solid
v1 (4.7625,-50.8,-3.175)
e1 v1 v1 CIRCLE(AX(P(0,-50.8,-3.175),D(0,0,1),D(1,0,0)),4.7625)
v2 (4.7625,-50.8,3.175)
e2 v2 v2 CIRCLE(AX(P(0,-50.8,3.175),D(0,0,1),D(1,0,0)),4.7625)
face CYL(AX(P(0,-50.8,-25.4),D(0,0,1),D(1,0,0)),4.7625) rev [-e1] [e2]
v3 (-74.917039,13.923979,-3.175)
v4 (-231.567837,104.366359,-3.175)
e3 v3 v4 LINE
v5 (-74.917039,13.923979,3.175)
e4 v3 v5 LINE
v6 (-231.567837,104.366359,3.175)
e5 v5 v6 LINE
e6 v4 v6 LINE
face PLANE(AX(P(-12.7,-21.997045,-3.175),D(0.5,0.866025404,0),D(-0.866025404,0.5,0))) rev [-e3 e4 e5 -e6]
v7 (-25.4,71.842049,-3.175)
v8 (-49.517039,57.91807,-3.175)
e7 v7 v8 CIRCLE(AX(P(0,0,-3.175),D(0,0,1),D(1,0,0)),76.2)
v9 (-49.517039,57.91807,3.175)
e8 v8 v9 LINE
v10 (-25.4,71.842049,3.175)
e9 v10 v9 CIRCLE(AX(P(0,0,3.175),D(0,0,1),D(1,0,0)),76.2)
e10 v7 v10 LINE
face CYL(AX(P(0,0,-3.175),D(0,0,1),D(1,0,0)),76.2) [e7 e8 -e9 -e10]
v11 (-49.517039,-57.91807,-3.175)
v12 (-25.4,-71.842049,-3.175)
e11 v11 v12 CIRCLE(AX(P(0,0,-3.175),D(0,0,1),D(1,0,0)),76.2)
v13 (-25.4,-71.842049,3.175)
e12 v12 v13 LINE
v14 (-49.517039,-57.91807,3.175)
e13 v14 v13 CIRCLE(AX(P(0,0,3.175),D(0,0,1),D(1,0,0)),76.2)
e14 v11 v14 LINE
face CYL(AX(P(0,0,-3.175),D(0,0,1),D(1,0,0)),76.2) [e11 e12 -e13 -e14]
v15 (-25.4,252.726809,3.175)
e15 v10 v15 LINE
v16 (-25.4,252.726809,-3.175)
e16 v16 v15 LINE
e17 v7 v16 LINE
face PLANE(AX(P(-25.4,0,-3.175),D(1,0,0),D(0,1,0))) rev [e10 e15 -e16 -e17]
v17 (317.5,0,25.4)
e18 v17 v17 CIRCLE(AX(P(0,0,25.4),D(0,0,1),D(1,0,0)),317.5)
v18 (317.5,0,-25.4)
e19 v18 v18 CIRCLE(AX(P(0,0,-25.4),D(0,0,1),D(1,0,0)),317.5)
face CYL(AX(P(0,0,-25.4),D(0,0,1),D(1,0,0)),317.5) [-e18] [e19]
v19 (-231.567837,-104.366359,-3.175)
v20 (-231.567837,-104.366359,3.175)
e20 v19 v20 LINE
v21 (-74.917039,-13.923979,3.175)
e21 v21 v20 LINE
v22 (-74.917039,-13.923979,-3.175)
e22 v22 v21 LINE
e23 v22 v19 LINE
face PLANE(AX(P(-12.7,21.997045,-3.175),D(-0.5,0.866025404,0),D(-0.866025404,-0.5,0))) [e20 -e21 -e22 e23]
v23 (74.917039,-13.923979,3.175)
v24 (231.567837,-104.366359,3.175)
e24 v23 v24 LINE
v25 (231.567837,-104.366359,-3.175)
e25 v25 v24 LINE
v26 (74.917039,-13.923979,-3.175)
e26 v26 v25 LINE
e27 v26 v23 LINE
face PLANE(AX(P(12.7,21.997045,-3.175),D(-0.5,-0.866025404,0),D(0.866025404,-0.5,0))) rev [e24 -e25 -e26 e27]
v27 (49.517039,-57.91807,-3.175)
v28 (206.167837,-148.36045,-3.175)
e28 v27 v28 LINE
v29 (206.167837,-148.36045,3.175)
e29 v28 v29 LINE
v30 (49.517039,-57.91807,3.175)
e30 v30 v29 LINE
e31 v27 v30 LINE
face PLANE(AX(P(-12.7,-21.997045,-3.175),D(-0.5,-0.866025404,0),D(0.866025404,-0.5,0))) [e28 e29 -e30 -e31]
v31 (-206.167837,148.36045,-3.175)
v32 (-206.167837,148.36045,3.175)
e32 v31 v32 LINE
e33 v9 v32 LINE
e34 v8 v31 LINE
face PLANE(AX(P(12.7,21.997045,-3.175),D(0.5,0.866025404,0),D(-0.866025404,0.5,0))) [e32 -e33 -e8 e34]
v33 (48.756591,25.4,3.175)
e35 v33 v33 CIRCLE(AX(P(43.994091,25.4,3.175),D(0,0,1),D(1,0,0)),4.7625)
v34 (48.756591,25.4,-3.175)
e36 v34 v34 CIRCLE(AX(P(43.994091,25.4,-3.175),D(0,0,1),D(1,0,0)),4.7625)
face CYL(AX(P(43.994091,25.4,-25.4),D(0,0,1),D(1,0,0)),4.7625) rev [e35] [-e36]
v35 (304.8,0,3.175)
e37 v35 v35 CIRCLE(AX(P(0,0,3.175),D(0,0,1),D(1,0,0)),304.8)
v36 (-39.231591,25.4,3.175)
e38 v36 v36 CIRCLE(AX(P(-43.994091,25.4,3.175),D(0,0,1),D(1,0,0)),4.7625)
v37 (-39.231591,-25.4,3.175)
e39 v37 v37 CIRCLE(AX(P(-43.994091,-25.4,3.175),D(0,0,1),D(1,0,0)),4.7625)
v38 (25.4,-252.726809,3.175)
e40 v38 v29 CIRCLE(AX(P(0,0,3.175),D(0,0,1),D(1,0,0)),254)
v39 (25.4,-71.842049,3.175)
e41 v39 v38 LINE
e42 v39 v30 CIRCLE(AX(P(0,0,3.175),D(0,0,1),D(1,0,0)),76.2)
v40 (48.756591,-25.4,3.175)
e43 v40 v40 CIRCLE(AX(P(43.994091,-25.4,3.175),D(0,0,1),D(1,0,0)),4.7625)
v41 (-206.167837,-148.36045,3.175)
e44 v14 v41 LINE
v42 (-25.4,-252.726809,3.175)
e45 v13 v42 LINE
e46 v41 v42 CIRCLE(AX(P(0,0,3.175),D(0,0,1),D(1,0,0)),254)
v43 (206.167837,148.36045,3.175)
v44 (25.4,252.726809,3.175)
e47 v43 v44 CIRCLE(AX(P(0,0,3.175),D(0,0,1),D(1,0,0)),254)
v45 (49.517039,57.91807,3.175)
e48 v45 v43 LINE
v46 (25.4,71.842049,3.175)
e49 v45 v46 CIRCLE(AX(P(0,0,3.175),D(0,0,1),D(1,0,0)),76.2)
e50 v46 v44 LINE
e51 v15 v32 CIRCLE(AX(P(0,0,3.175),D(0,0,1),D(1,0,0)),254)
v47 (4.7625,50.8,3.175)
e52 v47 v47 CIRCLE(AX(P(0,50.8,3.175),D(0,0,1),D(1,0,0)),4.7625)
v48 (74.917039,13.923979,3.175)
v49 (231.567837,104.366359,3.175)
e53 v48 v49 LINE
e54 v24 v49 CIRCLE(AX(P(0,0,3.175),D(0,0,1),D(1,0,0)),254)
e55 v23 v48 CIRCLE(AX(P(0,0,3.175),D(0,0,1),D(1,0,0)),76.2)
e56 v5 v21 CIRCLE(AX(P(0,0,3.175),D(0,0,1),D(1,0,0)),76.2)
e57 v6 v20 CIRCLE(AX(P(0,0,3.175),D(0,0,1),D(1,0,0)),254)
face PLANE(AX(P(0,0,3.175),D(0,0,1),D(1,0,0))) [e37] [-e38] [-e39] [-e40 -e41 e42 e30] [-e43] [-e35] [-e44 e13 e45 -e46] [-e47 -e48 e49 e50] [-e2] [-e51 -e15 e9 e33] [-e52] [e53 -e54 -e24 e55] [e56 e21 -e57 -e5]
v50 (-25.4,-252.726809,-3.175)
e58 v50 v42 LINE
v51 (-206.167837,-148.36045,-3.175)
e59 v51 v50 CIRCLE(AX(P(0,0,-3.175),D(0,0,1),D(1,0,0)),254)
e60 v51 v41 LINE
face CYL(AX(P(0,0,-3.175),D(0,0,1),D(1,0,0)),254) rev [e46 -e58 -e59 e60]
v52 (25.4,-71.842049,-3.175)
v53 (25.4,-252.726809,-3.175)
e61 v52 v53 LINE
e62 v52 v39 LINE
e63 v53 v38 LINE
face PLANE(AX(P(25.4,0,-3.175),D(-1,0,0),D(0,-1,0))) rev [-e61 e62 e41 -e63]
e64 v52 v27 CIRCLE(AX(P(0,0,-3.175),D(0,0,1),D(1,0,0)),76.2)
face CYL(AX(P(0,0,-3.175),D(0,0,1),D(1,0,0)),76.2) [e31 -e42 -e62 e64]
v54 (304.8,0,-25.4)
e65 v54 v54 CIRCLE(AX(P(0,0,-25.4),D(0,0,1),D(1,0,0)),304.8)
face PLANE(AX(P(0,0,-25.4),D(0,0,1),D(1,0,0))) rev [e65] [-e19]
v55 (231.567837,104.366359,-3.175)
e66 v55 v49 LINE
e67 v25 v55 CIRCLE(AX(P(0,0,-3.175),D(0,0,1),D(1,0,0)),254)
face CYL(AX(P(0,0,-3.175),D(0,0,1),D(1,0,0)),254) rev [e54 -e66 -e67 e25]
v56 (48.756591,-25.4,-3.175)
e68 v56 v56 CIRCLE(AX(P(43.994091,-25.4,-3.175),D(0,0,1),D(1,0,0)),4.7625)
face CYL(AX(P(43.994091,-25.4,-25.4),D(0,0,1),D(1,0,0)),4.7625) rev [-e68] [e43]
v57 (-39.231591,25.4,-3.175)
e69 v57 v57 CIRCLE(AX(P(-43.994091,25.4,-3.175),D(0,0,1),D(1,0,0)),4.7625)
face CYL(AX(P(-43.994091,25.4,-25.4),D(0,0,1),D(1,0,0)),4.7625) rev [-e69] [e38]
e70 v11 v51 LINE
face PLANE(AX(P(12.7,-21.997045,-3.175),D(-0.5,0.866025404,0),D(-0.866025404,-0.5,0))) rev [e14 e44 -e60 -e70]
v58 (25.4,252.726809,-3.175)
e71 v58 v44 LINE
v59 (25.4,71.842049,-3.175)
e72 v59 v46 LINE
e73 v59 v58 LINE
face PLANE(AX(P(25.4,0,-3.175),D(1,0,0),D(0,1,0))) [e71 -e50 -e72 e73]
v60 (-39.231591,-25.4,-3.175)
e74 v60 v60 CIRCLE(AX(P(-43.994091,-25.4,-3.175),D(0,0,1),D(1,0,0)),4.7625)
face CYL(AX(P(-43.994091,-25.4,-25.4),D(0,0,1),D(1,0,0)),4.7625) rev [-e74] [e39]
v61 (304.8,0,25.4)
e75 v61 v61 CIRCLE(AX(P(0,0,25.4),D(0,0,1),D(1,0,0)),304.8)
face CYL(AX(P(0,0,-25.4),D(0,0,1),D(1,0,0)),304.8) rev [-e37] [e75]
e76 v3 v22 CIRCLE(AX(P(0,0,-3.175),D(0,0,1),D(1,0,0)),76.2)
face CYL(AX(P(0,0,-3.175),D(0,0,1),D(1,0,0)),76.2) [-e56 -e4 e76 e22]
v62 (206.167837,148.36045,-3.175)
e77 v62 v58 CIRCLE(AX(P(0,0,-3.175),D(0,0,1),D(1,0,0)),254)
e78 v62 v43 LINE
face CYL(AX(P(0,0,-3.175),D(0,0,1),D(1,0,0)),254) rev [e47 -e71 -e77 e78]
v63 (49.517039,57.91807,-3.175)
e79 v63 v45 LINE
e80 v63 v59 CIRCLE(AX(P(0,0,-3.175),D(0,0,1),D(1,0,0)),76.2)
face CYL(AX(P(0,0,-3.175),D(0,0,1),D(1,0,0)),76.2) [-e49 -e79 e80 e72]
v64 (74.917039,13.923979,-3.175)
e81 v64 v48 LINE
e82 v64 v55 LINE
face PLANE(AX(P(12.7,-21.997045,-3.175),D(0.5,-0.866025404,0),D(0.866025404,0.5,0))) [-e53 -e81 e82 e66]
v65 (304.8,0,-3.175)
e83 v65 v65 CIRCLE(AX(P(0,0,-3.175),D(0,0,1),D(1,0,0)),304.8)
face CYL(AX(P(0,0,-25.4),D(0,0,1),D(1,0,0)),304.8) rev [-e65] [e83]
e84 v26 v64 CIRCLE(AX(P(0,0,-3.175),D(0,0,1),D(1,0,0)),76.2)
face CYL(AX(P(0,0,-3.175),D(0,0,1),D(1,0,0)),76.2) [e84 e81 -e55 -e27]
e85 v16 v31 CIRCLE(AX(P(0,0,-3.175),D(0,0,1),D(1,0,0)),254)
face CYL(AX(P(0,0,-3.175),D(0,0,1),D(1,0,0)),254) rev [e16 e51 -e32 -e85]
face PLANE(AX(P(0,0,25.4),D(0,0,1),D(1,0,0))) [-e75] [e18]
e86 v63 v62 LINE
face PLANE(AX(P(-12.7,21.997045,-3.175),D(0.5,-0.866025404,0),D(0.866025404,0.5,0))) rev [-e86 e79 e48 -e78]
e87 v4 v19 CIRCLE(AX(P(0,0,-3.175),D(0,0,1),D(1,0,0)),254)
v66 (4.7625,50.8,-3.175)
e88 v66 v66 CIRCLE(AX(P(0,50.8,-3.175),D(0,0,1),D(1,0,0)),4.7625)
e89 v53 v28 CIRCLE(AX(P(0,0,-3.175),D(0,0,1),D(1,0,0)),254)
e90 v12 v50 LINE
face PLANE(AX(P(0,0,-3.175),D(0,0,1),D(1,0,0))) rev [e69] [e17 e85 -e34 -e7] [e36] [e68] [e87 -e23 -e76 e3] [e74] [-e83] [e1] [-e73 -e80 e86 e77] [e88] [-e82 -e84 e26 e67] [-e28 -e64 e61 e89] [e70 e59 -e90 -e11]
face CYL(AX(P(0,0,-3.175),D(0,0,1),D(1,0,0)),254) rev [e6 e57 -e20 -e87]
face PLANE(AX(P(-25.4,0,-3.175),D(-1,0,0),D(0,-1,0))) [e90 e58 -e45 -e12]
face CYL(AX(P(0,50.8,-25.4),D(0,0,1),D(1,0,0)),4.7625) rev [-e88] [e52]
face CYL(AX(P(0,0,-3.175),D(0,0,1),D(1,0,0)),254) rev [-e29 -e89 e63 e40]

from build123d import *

# Parameters (mm, degrees)
BOSS_EXTRUDE1_DEPTH      = 3.175
BOSS_EXTRUDE1_DEPTH_BACK = 3.175
SKETCH2_R                = 304.8
BOSS_EXTRUDE2_DEPTH      = 25.4
BOSS_EXTRUDE2_DEPTH_BACK = 25.4
SKETCH5_R                = 317.5
SKETCH5_R_2              = 304.8
SKETCH6_R                = 4.7625
CUT_EXTRUDE4_DEPTH       = 450.921138229


with BuildPart() as part:
    # Sketch2 → Boss-Extrude1 (new, two sides: drawn at the far end of the back side and taken through both)
    with BuildSketch(Plane.XY.offset(-BOSS_EXTRUDE1_DEPTH_BACK)):
        Circle(SKETCH2_R)
        with BuildLine():
            ThreePointArc((25.4, -71.842048969), (38.1, -65.991135768), (49.517039467, -57.91806974))
            Line((49.517039467, -57.91806974), (206.167836833, -148.360449769))
            ThreePointArc((206.167836833, -148.360449769), (127, -219.970452561), (25.4, -252.726809025))
            Line((25.4, -252.726809025), (25.4, -71.842048969))
        make_face(mode=Mode.SUBTRACT)
        with BuildLine():
            ThreePointArc((-49.517039467, -57.91806974), (-38.1, -65.991135768), (-25.4, -71.842048969))
            Line((-25.4, -71.842048969), (-25.4, -252.726809025))
            ThreePointArc((-25.4, -252.726809025), (-127, -219.970452561), (-206.167836833, -148.360449769))
            Line((-206.167836833, -148.360449769), (-49.517039467, -57.91806974))
        make_face(mode=Mode.SUBTRACT)
        with BuildLine():
            ThreePointArc((-74.917039467, 13.923979228), (-76.2, 0), (-74.917039467, -13.923979228))
            Line((-74.917039467, -13.923979228), (-231.567836833, -104.366359256))
            ThreePointArc((-231.567836833, -104.366359256), (-254, 0), (-231.567836833, 104.366359256))
            Line((-231.567836833, 104.366359256), (-74.917039467, 13.923979228))
        make_face(mode=Mode.SUBTRACT)
        with BuildLine():
            ThreePointArc((-25.4, 71.842048969), (-38.1, 65.991135768), (-49.517039467, 57.91806974))
            Line((-49.517039467, 57.91806974), (-206.167836833, 148.360449769))
            ThreePointArc((-206.167836833, 148.360449769), (-127, 219.970452561), (-25.4, 252.726809025))
            Line((-25.4, 252.726809025), (-25.4, 71.842048969))
        make_face(mode=Mode.SUBTRACT)
        with BuildLine():
            ThreePointArc((49.517039467, 57.91806974), (38.1, 65.991135768), (25.4, 71.842048969))
            Line((25.4, 71.842048969), (25.4, 252.726809025))
            ThreePointArc((25.4, 252.726809025), (127, 219.970452561), (206.167836833, 148.360449769))
            Line((206.167836833, 148.360449769), (49.517039467, 57.91806974))
        make_face(mode=Mode.SUBTRACT)
        with BuildLine():
            Line((74.917039467, 13.923979228), (231.567836833, 104.366359256))
            ThreePointArc((231.567836833, 104.366359256), (254, 0), (231.567836833, -104.366359256))
            Line((231.567836833, -104.366359256), (74.917039467, -13.923979228))
            ThreePointArc((74.917039467, -13.923979228), (76.2, 0), (74.917039467, 13.923979228))
        make_face(mode=Mode.SUBTRACT)
    extrude(amount=BOSS_EXTRUDE1_DEPTH + BOSS_EXTRUDE1_DEPTH_BACK)

    # Sketch5 → Boss-Extrude2 (add, two sides: drawn at the far end of the back side and taken through both)
    with BuildSketch(Plane.XY.offset(-BOSS_EXTRUDE2_DEPTH_BACK)):
        Circle(SKETCH5_R)
        Circle(SKETCH5_R_2, mode=Mode.SUBTRACT)
    extrude(amount=BOSS_EXTRUDE2_DEPTH + BOSS_EXTRUDE2_DEPTH_BACK)

    # Sketch6 → Cut-Extrude4 (cut, through all)
    with BuildSketch(Plane.XY.offset(3.175)):
        with Locations((0, 50.8)):
            Circle(SKETCH6_R)
        with Locations((43.994090512, 25.4)):
            Circle(SKETCH6_R)
        with Locations((43.994090512, -25.4)):
            Circle(SKETCH6_R)
        with Locations((0, -50.8)):
            Circle(SKETCH6_R)
        with Locations((-43.994090512, -25.4)):
            Circle(SKETCH6_R)
        with Locations((-43.994090512, 25.4)):
            Circle(SKETCH6_R)
    extrude(amount=-CUT_EXTRUDE4_DEPTH, mode=Mode.SUBTRACT)


solid = part.part
